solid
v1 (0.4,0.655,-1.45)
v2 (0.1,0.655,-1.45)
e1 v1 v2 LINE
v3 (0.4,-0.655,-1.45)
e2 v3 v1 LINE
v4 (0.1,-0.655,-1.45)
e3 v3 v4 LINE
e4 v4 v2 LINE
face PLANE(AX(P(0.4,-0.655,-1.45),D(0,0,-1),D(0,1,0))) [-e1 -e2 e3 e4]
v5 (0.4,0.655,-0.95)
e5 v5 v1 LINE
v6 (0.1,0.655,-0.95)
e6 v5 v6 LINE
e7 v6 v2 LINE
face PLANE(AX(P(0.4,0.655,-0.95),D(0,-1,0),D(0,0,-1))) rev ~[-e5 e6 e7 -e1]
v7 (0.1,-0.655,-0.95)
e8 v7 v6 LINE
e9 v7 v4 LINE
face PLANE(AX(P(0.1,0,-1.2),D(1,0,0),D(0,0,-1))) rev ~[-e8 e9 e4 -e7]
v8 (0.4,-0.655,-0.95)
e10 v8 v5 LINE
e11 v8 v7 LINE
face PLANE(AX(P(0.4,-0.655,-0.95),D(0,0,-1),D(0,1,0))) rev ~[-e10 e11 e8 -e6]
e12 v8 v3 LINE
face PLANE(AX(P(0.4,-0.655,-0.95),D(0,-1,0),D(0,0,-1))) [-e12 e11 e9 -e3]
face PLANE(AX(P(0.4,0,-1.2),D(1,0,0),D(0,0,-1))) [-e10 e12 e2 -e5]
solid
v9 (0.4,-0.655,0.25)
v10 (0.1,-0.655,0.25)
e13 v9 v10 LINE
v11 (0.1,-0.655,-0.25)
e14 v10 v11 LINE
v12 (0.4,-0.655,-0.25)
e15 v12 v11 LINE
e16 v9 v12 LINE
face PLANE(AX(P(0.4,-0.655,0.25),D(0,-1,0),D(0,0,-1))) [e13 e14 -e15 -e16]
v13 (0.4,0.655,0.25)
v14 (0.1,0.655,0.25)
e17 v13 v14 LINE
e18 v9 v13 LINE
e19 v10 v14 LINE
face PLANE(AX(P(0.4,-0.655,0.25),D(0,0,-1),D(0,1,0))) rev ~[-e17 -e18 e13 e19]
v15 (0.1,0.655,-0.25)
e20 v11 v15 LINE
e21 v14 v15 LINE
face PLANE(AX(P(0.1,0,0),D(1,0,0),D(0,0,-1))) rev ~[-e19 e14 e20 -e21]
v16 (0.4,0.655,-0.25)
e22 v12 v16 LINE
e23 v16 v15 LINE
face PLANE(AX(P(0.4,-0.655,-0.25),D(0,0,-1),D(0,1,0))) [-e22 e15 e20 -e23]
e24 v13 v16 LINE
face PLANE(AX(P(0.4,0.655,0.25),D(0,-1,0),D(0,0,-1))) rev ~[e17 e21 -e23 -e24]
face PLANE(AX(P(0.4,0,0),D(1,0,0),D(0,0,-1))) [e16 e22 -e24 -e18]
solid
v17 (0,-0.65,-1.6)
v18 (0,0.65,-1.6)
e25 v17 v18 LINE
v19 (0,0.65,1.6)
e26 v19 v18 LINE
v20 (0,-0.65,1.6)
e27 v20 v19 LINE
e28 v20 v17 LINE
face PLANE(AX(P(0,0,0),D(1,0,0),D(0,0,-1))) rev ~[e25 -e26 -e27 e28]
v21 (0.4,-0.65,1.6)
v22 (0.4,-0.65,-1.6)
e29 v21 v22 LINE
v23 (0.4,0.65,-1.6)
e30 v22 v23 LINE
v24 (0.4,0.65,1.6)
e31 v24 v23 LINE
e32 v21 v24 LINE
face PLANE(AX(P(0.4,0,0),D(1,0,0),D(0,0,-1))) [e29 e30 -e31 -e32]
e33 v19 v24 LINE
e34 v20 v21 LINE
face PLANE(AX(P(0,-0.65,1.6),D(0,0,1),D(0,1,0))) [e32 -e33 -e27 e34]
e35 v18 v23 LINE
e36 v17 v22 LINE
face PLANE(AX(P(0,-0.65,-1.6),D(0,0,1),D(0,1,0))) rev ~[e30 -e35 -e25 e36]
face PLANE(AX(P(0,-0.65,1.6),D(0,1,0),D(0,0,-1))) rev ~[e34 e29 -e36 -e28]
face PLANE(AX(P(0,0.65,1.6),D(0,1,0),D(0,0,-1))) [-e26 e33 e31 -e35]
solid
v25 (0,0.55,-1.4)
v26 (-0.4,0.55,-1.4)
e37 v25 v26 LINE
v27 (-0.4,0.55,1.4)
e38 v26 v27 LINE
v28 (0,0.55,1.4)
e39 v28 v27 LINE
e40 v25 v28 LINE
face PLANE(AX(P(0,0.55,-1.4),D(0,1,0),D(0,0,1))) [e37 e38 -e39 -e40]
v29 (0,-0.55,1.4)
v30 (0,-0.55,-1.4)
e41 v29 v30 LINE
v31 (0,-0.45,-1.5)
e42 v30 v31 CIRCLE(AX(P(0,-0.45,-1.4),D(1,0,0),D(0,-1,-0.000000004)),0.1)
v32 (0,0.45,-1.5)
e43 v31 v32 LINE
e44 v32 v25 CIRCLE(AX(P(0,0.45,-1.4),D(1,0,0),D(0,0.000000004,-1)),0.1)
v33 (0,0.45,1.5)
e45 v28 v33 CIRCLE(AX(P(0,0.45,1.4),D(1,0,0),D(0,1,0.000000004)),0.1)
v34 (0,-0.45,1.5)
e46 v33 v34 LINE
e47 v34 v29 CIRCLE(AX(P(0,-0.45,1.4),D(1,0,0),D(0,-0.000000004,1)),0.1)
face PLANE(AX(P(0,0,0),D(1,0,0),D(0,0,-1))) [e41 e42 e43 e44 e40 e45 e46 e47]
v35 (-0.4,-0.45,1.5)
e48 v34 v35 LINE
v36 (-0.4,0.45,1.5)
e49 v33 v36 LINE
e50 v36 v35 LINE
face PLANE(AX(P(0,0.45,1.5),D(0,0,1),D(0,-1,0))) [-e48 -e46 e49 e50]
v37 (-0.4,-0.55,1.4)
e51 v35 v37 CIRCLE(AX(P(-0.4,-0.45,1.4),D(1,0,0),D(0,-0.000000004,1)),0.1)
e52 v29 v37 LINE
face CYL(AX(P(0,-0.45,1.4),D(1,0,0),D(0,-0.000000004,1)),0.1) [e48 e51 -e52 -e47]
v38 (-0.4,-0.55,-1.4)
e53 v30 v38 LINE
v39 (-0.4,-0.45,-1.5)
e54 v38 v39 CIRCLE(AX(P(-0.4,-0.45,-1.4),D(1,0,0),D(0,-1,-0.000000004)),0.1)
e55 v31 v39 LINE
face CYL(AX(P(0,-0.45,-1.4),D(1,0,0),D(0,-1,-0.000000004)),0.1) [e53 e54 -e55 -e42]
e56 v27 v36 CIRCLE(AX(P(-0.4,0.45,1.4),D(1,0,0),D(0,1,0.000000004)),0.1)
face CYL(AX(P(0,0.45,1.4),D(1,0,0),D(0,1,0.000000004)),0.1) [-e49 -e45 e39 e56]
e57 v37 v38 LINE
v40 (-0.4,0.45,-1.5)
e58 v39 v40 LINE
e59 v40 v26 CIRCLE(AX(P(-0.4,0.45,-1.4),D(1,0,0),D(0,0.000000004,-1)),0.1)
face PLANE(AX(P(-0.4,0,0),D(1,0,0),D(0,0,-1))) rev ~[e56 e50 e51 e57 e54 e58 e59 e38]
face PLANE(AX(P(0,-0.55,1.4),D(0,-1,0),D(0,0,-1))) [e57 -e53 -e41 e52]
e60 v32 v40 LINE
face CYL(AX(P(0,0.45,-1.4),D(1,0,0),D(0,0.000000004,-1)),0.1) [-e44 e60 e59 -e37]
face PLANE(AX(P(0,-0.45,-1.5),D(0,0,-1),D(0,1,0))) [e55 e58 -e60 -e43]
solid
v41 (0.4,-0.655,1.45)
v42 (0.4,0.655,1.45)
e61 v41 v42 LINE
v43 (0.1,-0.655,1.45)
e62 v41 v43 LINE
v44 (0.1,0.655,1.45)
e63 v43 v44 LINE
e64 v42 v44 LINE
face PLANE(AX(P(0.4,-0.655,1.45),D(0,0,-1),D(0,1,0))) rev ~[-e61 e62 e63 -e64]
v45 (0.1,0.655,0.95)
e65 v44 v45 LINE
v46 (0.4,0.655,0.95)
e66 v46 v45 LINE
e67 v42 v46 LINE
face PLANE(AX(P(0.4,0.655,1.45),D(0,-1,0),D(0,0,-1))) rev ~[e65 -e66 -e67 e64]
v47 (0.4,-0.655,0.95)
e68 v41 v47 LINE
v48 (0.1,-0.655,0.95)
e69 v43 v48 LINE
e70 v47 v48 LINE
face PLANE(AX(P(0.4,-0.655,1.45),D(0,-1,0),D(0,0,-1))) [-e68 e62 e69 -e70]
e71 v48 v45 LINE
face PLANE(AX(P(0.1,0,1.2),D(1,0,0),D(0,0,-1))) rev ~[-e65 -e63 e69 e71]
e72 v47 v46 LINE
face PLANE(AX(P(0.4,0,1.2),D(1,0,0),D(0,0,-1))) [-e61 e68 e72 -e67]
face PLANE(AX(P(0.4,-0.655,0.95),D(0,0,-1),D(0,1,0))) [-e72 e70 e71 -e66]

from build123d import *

# Parameters (mm, degrees)
SKETCH_1_W        = 3.2
SKETCH_1_H        = 1.3
EXTRUDE_1_DEPTH   = 0.4
EXTRUDE_2_DEPTH   = 0.4
SKETCH_3_W        = 0.5
SKETCH_3_H        = 1.31
EXTRUDE_3_DEPTH   = 0.3
EXTRUDE_3_2_DEPTH = 0.3
EXTRUDE_3_3_DEPTH = 0.3


with BuildPart() as part:
    # Эскиз1 → Бобышка-Вытянуть1 (new body)
    with BuildSketch(Plane(origin=(0, 0, 0), x_dir=(0, 0, -1), z_dir=(1, 0, 0))):
        Rectangle(SKETCH_1_W, SKETCH_1_H)
    extrude(amount=EXTRUDE_1_DEPTH)


with BuildPart() as body_2:
    # Эскиз2 → Бобышка-Вытянуть2 (new body)
    with BuildSketch(Plane.ZY):
        with BuildLine():
            Line((-1.4, 0.55), (1.4, 0.55))
            ThreePointArc((1.4, 0.55), (1.470710678, 0.520710678), (1.5, 0.45))
            Line((1.5, 0.45), (1.5, -0.45))
            ThreePointArc((1.5, -0.45), (1.470710678, -0.520710678), (1.4, -0.55))
            Line((1.4, -0.55), (-1.4, -0.55))
            ThreePointArc((-1.4, -0.55), (-1.470710678, -0.520710678), (-1.5, -0.45))
            Line((-1.5, -0.45), (-1.5, 0.45))
            ThreePointArc((-1.5, 0.45), (-1.470710678, 0.520710678), (-1.4, 0.55))
        make_face()
    extrude(amount=EXTRUDE_2_DEPTH)


with BuildPart() as body_3:
    # Эскиз3 → Бобышка-Вытянуть3 (new body)
    with BuildSketch(Plane(origin=(0.4, 0, 0), x_dir=(0, 0, -1), z_dir=(1, 0, 0))):
        Rectangle(SKETCH_3_W, SKETCH_3_H)
    extrude(amount=-EXTRUDE_3_DEPTH)


with BuildPart() as body_4:
    # Эскиз3 → Extrude 3 2 (new body)
    with BuildSketch(Plane(origin=(0.4, 0, 0), x_dir=(0, 0, -1), z_dir=(1, 0, 0))):
        with Locations((1.2, 0)):
            Rectangle(SKETCH_3_W, SKETCH_3_H)
    extrude(amount=-EXTRUDE_3_2_DEPTH)


with BuildPart() as body_5:
    # Эскиз3 → Extrude 3 3 (new body)
    with BuildSketch(Plane(origin=(0.4, 0, 0), x_dir=(0, 0, -1), z_dir=(1, 0, 0))):
        with Locations((-1.2, 0)):
            Rectangle(SKETCH_3_W, SKETCH_3_H)
    extrude(amount=-EXTRUDE_3_3_DEPTH)


solid = Compound([part.part, body_2.part, body_3.part, body_4.part, body_5.part])
